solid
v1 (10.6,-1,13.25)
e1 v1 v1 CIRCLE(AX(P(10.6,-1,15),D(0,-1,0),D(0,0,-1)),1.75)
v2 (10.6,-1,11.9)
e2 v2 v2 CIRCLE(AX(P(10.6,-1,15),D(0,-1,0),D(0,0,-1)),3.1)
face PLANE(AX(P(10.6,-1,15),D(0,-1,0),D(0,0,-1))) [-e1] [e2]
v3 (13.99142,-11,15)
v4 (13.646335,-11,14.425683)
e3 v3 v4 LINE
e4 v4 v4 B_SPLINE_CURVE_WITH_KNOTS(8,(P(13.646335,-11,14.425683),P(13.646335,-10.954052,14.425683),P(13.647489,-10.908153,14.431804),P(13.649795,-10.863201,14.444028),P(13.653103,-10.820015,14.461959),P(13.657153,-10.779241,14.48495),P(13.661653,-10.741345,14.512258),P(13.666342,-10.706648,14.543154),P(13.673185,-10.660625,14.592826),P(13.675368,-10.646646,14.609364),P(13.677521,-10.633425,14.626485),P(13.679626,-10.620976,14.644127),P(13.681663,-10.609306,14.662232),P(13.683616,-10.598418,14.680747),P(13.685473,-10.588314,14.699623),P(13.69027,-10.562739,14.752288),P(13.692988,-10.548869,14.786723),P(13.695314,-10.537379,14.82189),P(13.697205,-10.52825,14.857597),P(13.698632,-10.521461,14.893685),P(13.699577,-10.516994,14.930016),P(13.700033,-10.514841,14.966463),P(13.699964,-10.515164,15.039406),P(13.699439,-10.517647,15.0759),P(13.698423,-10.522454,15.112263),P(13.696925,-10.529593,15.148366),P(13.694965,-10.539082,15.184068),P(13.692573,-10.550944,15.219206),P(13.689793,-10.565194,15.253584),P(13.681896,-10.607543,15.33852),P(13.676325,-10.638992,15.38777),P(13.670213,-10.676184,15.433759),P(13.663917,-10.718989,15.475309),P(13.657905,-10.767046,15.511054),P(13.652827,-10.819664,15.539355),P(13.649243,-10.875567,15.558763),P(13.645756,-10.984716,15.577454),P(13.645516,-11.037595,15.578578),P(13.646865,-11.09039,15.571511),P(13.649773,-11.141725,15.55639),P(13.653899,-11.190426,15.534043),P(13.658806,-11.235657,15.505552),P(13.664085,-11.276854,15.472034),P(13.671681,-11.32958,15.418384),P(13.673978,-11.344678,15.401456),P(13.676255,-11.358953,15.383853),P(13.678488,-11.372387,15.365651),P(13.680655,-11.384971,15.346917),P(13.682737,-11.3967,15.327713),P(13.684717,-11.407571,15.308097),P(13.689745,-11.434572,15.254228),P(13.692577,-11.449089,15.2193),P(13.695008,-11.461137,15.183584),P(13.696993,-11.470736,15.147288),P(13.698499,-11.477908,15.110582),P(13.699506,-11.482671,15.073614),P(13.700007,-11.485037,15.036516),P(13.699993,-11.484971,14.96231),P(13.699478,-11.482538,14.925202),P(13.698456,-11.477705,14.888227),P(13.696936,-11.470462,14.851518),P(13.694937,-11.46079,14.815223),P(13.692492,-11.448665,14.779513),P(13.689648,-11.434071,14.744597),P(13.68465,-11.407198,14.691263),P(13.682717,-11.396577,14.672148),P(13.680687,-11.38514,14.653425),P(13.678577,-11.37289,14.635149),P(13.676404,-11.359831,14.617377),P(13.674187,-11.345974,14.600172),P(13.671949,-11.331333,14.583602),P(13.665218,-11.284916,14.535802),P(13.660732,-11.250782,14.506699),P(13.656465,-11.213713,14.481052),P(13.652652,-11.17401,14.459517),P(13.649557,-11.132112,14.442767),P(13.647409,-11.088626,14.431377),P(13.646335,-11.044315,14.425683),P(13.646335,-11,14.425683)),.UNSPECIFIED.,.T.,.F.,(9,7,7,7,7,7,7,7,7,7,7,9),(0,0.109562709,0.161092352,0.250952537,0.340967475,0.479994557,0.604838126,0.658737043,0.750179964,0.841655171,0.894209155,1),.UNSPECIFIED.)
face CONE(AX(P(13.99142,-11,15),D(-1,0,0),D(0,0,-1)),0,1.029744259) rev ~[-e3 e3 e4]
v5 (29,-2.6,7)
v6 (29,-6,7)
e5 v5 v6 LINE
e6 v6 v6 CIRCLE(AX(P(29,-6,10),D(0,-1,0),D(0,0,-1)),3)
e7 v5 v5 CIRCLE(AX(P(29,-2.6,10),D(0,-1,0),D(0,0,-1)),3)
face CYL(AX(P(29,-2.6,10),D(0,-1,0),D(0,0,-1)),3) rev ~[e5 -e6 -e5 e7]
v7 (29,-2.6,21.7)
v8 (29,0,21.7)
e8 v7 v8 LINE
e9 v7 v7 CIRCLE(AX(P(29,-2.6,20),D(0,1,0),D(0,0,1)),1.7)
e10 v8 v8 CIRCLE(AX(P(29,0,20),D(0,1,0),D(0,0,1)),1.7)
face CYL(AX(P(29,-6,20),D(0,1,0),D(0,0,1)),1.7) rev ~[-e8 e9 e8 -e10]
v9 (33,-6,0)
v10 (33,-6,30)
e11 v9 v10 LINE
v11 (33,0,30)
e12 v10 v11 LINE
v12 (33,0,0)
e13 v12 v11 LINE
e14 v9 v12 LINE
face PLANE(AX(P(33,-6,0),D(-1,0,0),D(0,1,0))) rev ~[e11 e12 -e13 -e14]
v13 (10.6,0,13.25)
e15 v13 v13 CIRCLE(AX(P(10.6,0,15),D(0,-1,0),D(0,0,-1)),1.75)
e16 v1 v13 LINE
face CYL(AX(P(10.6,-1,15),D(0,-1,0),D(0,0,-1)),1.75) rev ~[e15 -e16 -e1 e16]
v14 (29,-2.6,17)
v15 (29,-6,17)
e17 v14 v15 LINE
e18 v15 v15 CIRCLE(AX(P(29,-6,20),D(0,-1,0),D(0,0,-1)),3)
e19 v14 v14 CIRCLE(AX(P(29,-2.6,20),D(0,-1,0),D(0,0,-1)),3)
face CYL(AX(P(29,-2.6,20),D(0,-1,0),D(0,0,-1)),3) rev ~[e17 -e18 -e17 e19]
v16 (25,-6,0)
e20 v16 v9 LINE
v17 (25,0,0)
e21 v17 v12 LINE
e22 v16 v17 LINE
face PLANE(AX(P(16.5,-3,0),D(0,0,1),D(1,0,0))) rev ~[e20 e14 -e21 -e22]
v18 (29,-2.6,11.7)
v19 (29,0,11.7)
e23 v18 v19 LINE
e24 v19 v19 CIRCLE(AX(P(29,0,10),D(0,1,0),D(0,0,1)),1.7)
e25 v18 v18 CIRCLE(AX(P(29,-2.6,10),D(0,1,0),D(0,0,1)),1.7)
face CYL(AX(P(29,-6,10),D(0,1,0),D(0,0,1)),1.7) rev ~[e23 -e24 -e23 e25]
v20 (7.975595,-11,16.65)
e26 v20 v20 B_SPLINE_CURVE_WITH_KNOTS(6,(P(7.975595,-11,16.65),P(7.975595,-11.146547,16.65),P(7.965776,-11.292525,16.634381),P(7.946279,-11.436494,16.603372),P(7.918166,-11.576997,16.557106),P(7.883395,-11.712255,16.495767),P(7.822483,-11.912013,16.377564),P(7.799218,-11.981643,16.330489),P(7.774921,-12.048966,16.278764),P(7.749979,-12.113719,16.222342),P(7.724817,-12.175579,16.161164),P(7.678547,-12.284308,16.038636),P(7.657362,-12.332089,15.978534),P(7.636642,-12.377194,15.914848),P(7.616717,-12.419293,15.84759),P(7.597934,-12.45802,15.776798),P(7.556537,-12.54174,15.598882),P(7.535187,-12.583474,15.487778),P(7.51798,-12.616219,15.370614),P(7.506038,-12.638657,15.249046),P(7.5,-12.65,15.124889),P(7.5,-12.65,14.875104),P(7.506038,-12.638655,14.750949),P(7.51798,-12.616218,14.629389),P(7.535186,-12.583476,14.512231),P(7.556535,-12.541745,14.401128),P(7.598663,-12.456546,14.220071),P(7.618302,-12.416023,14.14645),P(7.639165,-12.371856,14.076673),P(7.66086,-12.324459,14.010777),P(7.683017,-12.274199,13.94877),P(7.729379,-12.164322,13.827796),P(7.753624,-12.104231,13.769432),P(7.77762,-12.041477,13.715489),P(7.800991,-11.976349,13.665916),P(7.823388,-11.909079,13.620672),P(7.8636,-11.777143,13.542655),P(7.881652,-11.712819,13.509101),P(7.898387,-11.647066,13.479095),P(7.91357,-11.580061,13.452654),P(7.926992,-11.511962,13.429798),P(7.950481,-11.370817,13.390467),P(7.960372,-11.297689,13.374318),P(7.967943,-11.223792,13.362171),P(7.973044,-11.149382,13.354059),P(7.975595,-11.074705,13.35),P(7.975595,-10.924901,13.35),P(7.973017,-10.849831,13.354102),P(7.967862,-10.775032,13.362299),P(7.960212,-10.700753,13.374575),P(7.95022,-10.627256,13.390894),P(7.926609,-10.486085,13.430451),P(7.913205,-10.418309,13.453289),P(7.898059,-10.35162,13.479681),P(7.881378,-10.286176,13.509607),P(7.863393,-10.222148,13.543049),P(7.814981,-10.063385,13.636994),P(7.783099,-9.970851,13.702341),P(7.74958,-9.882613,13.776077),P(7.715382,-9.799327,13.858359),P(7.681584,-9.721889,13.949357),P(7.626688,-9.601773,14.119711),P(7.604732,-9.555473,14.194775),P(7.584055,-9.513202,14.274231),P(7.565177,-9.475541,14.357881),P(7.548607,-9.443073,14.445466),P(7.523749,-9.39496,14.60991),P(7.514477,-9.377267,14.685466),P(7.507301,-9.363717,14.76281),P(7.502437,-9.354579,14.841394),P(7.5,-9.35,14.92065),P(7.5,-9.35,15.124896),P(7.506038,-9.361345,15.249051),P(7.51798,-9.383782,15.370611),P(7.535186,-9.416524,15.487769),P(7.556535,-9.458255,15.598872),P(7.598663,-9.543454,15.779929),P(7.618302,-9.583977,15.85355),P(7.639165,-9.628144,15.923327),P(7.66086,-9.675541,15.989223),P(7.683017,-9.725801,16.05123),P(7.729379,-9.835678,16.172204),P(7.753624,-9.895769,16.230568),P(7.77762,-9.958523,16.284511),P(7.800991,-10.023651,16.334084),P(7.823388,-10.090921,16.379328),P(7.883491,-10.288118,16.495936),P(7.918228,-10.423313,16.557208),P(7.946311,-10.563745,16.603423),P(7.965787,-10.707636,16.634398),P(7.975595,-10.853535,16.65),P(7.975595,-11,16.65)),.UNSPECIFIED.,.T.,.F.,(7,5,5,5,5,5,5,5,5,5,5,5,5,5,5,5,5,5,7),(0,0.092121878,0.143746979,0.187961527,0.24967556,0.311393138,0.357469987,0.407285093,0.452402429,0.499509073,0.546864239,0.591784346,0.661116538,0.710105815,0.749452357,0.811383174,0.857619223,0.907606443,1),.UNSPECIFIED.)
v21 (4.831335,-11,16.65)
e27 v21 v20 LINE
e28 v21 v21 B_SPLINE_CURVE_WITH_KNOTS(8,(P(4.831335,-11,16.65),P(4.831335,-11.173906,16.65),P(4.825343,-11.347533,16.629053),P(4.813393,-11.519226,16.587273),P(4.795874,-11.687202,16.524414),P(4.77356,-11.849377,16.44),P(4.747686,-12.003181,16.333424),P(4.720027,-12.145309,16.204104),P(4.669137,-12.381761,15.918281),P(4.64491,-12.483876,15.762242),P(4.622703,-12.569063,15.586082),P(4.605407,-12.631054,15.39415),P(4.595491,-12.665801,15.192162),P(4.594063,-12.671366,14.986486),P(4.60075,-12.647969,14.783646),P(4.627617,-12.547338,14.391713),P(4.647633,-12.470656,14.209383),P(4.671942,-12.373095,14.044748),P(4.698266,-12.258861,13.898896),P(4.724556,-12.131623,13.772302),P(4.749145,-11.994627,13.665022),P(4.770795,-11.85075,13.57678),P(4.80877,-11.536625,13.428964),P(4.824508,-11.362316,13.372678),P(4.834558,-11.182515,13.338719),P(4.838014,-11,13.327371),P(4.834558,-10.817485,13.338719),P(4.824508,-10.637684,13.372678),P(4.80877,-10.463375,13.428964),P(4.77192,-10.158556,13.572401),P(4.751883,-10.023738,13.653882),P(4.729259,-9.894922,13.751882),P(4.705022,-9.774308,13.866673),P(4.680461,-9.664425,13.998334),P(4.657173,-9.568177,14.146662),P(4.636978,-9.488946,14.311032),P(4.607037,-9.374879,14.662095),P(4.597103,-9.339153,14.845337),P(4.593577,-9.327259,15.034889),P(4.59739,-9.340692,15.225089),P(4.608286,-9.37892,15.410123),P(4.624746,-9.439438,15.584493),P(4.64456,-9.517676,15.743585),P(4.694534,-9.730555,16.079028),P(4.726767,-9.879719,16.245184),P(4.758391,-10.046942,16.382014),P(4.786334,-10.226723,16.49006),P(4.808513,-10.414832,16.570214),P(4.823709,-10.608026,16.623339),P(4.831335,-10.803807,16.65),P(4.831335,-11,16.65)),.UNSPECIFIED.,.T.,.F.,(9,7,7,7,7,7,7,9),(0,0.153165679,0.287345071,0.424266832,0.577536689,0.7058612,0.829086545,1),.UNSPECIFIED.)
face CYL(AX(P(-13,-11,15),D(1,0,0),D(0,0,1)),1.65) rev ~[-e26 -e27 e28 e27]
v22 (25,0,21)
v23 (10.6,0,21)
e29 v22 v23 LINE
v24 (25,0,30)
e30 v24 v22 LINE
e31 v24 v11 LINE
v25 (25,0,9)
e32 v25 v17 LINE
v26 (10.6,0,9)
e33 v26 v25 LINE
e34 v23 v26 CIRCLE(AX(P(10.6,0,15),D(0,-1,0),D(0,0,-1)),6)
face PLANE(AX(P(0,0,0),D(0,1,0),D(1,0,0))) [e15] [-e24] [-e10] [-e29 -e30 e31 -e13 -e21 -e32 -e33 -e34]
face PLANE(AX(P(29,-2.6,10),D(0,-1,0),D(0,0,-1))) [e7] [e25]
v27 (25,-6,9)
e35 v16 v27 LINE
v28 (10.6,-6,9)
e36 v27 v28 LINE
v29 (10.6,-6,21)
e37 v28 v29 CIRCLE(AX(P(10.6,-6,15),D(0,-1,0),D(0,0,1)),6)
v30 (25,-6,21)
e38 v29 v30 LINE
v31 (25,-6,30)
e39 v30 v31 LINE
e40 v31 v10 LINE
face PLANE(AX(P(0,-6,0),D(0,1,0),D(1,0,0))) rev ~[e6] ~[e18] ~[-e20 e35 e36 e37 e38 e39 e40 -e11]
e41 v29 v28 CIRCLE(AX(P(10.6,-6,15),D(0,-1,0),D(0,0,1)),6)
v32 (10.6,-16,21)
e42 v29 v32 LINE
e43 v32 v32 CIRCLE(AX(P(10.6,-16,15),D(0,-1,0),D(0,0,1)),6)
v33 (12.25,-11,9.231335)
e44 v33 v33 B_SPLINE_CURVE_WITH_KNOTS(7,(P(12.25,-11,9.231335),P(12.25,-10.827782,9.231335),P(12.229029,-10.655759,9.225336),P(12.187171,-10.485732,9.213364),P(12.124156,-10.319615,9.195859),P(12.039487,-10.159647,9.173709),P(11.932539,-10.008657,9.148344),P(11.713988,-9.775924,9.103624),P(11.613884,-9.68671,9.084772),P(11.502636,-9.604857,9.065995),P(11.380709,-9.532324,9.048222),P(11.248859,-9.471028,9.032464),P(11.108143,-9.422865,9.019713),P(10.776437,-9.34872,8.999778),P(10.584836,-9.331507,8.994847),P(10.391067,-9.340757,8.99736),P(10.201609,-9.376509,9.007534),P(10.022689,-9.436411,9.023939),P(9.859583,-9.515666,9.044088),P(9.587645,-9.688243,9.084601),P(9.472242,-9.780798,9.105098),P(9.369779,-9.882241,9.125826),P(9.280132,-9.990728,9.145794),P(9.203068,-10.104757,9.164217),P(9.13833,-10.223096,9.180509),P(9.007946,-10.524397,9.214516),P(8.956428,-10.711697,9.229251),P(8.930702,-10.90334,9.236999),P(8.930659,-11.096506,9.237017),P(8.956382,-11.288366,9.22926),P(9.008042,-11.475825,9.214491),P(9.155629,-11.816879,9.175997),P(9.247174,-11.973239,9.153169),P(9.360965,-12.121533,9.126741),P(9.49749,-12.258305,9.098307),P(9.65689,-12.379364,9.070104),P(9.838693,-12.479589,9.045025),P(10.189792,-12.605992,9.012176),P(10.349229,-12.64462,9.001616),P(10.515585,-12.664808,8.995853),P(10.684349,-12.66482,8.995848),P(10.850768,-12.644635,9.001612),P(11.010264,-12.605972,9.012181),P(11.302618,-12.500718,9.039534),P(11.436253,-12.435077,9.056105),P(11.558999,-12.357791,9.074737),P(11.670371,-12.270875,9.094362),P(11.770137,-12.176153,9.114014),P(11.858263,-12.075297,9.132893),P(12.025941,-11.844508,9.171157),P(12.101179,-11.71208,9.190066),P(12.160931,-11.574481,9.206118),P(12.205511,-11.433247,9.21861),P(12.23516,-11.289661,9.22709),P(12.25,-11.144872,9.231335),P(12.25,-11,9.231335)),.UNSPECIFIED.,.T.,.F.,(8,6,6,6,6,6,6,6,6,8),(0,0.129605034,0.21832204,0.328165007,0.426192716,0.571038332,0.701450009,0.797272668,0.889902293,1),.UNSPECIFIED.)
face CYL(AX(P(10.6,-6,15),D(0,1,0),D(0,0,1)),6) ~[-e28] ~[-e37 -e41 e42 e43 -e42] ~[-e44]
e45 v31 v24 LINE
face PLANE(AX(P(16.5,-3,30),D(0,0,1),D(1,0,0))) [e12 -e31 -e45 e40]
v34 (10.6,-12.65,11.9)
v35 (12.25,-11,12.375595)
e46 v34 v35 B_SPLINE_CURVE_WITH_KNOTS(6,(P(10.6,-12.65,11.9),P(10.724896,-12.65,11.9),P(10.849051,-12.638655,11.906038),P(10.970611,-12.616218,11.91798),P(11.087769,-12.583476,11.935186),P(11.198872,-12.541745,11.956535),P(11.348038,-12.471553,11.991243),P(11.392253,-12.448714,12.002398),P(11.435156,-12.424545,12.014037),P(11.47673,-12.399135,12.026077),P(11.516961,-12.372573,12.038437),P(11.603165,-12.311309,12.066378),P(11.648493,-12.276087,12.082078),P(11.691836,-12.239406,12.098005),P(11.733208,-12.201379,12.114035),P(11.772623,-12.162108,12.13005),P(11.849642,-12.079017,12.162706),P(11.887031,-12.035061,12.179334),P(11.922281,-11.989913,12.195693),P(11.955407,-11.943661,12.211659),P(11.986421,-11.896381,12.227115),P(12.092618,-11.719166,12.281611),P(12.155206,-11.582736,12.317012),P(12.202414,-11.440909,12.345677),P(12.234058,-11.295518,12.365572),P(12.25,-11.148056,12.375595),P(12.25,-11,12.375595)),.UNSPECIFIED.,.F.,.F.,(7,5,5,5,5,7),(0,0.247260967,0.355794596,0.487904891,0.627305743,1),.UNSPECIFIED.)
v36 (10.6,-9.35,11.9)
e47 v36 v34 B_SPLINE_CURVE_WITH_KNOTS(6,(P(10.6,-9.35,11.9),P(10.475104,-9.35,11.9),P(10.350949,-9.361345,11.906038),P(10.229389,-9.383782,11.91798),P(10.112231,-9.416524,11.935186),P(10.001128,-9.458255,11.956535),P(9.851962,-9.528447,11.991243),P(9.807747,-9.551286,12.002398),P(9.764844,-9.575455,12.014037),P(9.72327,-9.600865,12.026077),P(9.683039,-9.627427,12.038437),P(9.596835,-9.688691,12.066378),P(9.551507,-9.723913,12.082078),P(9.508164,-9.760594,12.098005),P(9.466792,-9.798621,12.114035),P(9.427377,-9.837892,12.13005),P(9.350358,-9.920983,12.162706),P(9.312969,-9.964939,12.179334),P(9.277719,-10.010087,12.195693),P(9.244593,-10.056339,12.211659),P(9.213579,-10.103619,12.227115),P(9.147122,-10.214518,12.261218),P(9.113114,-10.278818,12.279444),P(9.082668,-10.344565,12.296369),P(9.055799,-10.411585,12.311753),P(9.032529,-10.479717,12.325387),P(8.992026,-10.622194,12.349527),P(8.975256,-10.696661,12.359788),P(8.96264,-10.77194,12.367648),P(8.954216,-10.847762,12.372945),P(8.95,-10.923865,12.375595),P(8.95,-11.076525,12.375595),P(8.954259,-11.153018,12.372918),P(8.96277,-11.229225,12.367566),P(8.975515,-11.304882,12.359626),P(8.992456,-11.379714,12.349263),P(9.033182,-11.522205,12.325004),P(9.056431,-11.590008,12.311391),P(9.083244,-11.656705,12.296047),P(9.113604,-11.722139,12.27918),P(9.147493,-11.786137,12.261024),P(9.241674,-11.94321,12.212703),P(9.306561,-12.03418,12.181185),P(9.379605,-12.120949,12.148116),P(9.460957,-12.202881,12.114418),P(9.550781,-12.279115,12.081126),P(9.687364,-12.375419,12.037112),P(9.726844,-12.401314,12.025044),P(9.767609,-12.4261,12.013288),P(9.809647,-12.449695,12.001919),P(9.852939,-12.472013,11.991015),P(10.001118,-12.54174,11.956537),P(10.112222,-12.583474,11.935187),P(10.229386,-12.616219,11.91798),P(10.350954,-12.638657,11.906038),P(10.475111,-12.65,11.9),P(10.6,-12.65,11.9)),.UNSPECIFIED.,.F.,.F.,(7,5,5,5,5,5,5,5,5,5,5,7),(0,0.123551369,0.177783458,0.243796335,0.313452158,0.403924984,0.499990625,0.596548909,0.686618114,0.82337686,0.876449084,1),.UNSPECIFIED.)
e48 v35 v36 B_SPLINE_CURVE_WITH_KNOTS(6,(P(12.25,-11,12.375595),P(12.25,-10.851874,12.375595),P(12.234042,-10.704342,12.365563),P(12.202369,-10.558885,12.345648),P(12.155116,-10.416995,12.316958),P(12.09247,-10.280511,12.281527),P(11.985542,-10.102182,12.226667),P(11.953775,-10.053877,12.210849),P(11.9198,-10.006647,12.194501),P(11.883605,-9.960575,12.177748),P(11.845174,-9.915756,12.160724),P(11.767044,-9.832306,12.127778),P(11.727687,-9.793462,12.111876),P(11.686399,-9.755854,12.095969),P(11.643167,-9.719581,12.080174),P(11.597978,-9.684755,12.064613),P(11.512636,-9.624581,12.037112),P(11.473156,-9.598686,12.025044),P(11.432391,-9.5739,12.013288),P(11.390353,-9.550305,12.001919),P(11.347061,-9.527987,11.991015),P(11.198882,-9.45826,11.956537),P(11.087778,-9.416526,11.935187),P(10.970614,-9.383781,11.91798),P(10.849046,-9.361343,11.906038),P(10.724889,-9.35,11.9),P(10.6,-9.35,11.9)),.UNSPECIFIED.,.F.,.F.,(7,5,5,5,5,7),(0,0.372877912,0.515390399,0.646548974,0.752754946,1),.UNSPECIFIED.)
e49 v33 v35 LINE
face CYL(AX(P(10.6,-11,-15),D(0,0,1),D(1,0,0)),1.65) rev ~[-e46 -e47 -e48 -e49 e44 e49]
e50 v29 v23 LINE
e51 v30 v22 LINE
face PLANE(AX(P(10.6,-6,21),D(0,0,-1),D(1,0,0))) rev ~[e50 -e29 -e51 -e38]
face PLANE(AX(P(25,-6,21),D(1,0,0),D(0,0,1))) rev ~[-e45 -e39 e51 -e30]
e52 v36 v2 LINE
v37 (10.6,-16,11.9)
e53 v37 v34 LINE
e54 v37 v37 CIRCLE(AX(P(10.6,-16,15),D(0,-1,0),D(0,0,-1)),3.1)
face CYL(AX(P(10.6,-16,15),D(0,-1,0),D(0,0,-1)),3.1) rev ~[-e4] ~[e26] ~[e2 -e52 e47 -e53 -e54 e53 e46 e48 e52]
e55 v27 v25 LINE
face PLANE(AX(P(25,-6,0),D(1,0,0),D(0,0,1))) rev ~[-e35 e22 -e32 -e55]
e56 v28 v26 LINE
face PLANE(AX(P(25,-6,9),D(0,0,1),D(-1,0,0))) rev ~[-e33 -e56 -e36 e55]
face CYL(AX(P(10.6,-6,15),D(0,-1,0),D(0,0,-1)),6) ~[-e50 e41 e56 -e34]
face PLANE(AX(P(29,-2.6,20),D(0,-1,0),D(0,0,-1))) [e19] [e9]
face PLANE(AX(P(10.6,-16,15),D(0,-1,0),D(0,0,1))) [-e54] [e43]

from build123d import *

# Parameters (mm, degrees)
SKETCH_1_W                = 33
SKETCH_1_H                = 6
EXTRUDE_1_DEPTH           = 30
SKETCH_3_R                = 6
EXTRUDE_2_DEPTH           = 10
SKETCH_4_R                = 3.1
CUT_EXTRUDE_1_DEPTH       = 15
SKETCH_5_R                = 1.75
CUT_EXTRUDE_2_DEPTH       = 48.053161424
EXTRUDE_3_REACH           = 49.381
EXTRUDE_3_END_RADIUS      = 6
SKETCH_10_R               = 1
HOLE_WIZARD_M4_7_D        = 3.3
HOLE_WIZARD_M4_7_DEPTH    = 15
HOLE_WIZARD_M4_7_TIP      = 0.991420021
EXTRUDE_4_REACH           = 49.381
EXTRUDE_4_END_RADIUS      = 6
SKETCH_17_R               = 1.5
HOLE_WIZARD_M4_8_D        = 3.3
HOLE_WIZARD_M4_8_DEPTH    = 13
HOLE_WIZARD_M4_8_TIP      = 0.991420021
HOLE_WIZARD_1_D           = 3.4
HOLE_WIZARD_1_CBORE_D     = 6
HOLE_WIZARD_1_CBORE_DEPTH = 3.4
CUT_EXTRUDE_3_DEPTH       = 46.70557955


with BuildPart() as part:
    # 草图1 → 凸台-拉伸1 (new body)
    with BuildSketch(Plane.XY):
        with Locations((16.5, -3)):
            Rectangle(SKETCH_1_W, SKETCH_1_H)
    extrude(amount=EXTRUDE_1_DEPTH)

    # 草图3 → 凸台-拉伸2 (add)
    with BuildSketch(Plane.XZ.offset(6)):
        with Locations(Location((10.6, 15, 0), (0, 0, 90))):
            Circle(SKETCH_3_R)
    extrude(amount=EXTRUDE_2_DEPTH)

    # 草图4 → 切除-拉伸1 (cut)
    with BuildSketch(Plane.XZ.offset(16)):
        with Locations(Location((10.6, 15, 0), (0, 0, 270))):
            Circle(SKETCH_4_R)
    extrude(amount=-CUT_EXTRUDE_1_DEPTH, mode=Mode.SUBTRACT)

    # 草图5 → 切除-拉伸2 (cut, through all)
    with BuildSketch(Plane.XZ.offset(1)):
        with Locations(Location((10.6, 15, 0), (0, 0, 270))):
            Circle(SKETCH_5_R)
    extrude(amount=-CUT_EXTRUDE_2_DEPTH, mode=Mode.SUBTRACT)

    # 凸台-拉伸3: up to this cylinder (the profile starts outside it)
    extrude_3_end = Plane(origin=(10.6, -11, 15), z_dir=(0, 1, 0)) * Cylinder(EXTRUDE_3_END_RADIUS, 111.762, mode=Mode.PRIVATE)
    # 草图10 → 凸台-拉伸3 (add, up to the surface)
    with BuildSketch(Plane.XY, mode=Mode.PRIVATE) as extrude_3_sk1:
        with Locations(Location((10.6, -11, 0), (0, 0, 180))):
            Circle(SKETCH_10_R)
    extrude_3_tool1 = extrude(extrude_3_sk1.sketch, amount=EXTRUDE_3_REACH, mode=Mode.PRIVATE) - extrude_3_end
    add(extrude_3_tool1.solids().sort_by_distance((10.6, -11, 0))[0])

    # M4 螺纹孔7
    with Locations(Plane(origin=(10.6, -11, 0), x_dir=(-1, 0, 0), z_dir=(0, 0, -1))):
        with Locations((0, 0)):
            Hole(HOLE_WIZARD_M4_7_D / 2, depth=HOLE_WIZARD_M4_7_DEPTH)
            with Locations((0, 0, -(HOLE_WIZARD_M4_7_DEPTH + HOLE_WIZARD_M4_7_TIP / 2))):  # 118° drill point
                Cone(0, HOLE_WIZARD_M4_7_D / 2, HOLE_WIZARD_M4_7_TIP, mode=Mode.SUBTRACT)

    # 凸台-拉伸4: up to this cylinder (the profile starts outside it)
    extrude_4_end = Plane(origin=(10.6, -11, 15), z_dir=(0, 1, 0)) * Cylinder(EXTRUDE_4_END_RADIUS, 111.762, mode=Mode.PRIVATE)
    # 草图17 → 凸台-拉伸4 (add, up to the surface)
    with BuildSketch(Plane(origin=(0, 0, 0), x_dir=(0, 0, -1), z_dir=(1, 0, 0)), mode=Mode.PRIVATE) as extrude_4_sk1:
        with Locations(Location((-15, -11, 0), (0, 0, 180))):
            Circle(SKETCH_17_R)
    extrude_4_tool1 = extrude(extrude_4_sk1.sketch, amount=EXTRUDE_4_REACH, mode=Mode.PRIVATE) - extrude_4_end
    add(extrude_4_tool1.solids().sort_by_distance((0, -11, 15))[0])

    # M4 螺纹孔8
    with Locations(Plane(origin=(0, -11, 15), x_dir=(0, 0, -1), z_dir=(-1, 0, 0))):
        with Locations((0, 0)):
            Hole(HOLE_WIZARD_M4_8_D / 2, depth=HOLE_WIZARD_M4_8_DEPTH)
            with Locations((0, 0, -(HOLE_WIZARD_M4_8_DEPTH + HOLE_WIZARD_M4_8_TIP / 2))):  # 118° drill point
                Cone(0, HOLE_WIZARD_M4_8_D / 2, HOLE_WIZARD_M4_8_TIP, mode=Mode.SUBTRACT)

    # 打孔尺寸(%根据)内六角圆柱头螺钉的类型1 (through all)
    with Locations(Plane(origin=(29, -6, 20), x_dir=(0, 0, -1), z_dir=(0, -1, 0))):
        with Locations((0, 0), (10, 0)):
            CounterBoreHole(HOLE_WIZARD_1_D / 2, HOLE_WIZARD_1_CBORE_D / 2, HOLE_WIZARD_1_CBORE_DEPTH)

    # 草图22 → 切除-拉伸3 (cut, through all)
    with BuildSketch(Plane.XZ.offset(6)):
        with BuildLine():
            Line((10.6, 21), (25, 21))
            Line((25, 21), (25, 30))
            Line((25, 30), (0, 30))
            Line((0, 30), (0, 0))
            Line((0, 0), (25, 0))
            Line((25, 0), (25, 9))
            Line((25, 9), (10.6, 9))
            ThreePointArc((10.6, 9), (4.6, 15), (10.6, 21))
        make_face()
    extrude(amount=-CUT_EXTRUDE_3_DEPTH, mode=Mode.SUBTRACT)


solid = part.part
